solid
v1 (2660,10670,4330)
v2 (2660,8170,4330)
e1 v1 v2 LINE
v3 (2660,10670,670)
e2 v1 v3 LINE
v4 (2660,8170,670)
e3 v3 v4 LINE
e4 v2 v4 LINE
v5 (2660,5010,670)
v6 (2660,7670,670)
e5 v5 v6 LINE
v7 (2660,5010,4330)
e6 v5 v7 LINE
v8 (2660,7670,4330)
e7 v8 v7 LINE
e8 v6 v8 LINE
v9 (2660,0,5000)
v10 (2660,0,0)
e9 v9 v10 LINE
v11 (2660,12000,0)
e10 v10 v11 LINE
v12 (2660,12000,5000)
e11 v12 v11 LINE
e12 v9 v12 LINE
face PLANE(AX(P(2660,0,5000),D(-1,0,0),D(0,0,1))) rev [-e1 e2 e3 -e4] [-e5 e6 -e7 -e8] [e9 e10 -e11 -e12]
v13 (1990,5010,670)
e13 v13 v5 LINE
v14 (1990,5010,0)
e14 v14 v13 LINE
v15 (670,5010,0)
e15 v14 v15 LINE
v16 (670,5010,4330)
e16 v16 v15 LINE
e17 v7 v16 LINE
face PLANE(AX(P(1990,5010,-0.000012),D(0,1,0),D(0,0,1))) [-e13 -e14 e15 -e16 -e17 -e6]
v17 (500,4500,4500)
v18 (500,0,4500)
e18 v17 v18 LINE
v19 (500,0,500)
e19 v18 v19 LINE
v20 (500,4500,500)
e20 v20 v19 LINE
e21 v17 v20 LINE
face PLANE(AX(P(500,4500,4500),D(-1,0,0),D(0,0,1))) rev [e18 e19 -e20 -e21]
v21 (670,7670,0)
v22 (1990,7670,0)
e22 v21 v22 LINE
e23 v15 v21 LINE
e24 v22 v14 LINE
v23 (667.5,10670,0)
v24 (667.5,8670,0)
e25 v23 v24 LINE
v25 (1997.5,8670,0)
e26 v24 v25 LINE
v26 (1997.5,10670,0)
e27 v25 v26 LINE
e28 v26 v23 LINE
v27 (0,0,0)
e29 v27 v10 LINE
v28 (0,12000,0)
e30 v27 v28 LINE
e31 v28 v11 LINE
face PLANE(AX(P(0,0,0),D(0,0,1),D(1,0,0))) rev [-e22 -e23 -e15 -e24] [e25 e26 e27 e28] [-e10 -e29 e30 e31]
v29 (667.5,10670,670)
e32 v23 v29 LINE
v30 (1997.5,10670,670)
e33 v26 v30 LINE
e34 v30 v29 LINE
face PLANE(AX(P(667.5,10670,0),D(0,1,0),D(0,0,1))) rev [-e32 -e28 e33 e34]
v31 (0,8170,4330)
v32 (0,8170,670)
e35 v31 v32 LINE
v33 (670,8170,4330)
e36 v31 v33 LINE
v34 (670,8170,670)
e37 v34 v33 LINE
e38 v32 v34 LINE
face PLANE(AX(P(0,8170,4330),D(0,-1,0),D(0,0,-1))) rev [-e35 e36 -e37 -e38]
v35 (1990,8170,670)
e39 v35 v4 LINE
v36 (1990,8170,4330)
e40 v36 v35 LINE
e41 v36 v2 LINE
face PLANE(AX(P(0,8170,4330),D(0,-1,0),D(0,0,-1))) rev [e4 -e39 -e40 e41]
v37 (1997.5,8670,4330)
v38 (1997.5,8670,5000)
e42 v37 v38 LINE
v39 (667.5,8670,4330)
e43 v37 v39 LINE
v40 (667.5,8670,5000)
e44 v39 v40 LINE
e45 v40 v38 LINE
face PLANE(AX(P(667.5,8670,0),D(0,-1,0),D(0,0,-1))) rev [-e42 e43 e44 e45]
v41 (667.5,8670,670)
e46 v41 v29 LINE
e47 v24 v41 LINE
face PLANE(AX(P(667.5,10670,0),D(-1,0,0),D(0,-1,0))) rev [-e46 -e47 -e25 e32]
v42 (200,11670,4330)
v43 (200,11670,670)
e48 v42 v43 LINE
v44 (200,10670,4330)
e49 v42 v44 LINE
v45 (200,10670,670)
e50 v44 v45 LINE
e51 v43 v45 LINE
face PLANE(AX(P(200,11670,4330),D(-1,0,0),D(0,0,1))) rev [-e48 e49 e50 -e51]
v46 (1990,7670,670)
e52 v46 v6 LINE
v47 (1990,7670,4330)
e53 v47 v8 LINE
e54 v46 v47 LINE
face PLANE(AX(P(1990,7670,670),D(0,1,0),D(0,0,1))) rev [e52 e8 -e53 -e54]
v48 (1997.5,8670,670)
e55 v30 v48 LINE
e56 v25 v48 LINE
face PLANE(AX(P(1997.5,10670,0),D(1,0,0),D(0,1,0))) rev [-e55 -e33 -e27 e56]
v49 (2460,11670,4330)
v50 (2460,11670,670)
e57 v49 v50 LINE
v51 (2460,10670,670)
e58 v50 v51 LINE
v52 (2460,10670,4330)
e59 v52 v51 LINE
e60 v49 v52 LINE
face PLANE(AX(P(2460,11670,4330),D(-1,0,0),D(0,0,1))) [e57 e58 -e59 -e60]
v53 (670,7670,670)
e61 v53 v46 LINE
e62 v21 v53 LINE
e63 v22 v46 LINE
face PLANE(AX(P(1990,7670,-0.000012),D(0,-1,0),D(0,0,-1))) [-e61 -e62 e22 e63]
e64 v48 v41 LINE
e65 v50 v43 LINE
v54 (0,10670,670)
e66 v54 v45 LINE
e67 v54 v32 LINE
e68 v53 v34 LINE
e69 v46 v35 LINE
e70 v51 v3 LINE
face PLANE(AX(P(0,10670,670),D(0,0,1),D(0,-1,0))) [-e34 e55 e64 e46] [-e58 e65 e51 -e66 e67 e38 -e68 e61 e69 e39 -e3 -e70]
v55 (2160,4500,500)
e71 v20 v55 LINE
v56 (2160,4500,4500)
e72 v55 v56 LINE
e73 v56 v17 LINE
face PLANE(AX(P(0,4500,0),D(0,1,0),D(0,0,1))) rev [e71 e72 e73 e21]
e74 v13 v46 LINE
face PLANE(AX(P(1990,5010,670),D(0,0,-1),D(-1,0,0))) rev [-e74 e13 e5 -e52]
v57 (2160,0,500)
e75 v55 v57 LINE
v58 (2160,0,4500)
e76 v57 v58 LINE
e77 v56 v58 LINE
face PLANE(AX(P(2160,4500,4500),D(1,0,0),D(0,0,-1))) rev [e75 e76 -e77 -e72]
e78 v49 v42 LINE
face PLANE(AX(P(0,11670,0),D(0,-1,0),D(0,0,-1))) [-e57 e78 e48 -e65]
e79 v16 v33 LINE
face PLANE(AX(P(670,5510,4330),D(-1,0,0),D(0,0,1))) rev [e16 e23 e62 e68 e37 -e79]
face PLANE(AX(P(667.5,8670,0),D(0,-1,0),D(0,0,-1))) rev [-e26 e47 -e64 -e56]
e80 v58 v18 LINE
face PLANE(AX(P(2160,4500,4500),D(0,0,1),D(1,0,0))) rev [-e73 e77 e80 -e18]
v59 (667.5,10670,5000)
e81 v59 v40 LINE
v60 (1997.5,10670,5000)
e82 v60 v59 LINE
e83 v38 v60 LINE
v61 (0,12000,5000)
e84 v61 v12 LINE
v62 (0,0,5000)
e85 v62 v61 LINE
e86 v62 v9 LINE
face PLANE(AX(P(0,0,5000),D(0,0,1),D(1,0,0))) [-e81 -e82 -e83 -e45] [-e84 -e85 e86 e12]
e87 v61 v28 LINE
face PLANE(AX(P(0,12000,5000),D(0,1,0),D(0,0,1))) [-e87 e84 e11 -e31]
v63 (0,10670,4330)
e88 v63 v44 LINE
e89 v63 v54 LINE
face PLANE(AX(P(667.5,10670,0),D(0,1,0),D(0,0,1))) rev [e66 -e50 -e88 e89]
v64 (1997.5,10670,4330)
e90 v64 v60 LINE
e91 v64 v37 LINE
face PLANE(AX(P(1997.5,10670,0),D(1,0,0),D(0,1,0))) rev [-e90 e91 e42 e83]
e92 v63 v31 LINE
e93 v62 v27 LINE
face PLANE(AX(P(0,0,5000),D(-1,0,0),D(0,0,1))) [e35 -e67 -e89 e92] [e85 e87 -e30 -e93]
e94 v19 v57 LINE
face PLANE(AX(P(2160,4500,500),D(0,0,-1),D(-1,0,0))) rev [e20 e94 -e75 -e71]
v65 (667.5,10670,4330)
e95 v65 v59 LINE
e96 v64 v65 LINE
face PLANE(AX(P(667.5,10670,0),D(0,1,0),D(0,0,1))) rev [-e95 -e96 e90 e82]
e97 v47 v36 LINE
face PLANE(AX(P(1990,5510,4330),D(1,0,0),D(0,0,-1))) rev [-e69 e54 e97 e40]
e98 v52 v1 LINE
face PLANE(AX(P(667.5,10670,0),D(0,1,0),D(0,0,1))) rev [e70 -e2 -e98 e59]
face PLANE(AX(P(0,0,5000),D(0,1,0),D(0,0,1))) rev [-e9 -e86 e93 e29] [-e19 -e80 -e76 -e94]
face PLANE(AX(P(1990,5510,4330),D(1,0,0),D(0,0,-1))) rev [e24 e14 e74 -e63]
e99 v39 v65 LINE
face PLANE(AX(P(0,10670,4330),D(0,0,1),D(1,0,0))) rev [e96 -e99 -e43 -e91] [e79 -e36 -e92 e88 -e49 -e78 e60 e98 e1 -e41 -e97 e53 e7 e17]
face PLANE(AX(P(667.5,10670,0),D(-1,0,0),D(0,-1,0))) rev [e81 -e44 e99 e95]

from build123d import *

# Parameters (mm, degrees)
SKETCH2_W               = 2660
SKETCH2_H               = 12000
BOSS_EXTRUDE1_DEPTH     = 5000
SKETCH3_W               = 1330
SKETCH3_H               = 2000
CUT_EXTRUDE1_DEPTH      = 5000
SKETCH4_W               = 3660
SKETCH4_H               = 2500
CUT_EXTRUDE2_DEPTH      = 13270.34813772
SKETCH6_W               = 1320
SKETCH6_H               = 3660
CUT_EXTRUDE3_DEPTH      = 2660
CUT_EXTRUDE6_DEPTH      = 13270.34813772
CUT_EXTRUDE6_DEPTH_BACK = 4269
SKETCH7_W               = 1322.5
SKETCH7_H               = 2660
SKETCH8_W               = 1322.5
SKETCH8_H               = 500
CUT_EXTRUDE7_DEPTH      = 61
SKETCH11_W              = 4269
SKETCH11_H              = 2660
BOSS_EXTRUDE2_DEPTH     = 2.5
SKETCH12_W              = 61
SKETCH12_H              = 500
BOSS_EXTRUDE3_DEPTH     = 2.5
SKETCH13_W              = 3671.651451329
SKETCH13_H              = 2660
CUT_EXTRUDE8_DEPTH      = 670
SKETCH14_W              = 670
SKETCH14_H              = 2660
BOSS_EXTRUDE4_DEPTH     = 11.651451
SKETCH16_W              = 2260
SKETCH16_H              = 3660
CUT_EXTRUDE9_DEPTH      = 1000
SKETCH17_W              = 1660
SKETCH17_H              = 4000
CUT_EXTRUDE10_DEPTH     = 4500


with BuildPart() as part:
    # Sketch2 → Boss-Extrude1 (new body)
    with BuildSketch(Plane.XY):
        with Locations((1330, 6000)):
            Rectangle(SKETCH2_W, SKETCH2_H)
    extrude(amount=BOSS_EXTRUDE1_DEPTH)

    # Sketch3 → Cut-Extrude1 (cut)
    with BuildSketch(Plane.XY.offset(5000)):
        with Locations((1332.5, 9670)):
            Rectangle(SKETCH3_W, SKETCH3_H)
    extrude(amount=-CUT_EXTRUDE1_DEPTH, mode=Mode.SUBTRACT)

    # Sketch4 → Cut-Extrude2 (cut, through all)
    with BuildSketch(Plane(origin=(2660, 0, 0), x_dir=(0, 0, -1), z_dir=(1, 0, 0))):
        with Locations((-2500, 9420)):
            Rectangle(SKETCH4_W, SKETCH4_H)
    extrude(amount=-CUT_EXTRUDE2_DEPTH, mode=Mode.SUBTRACT)

    # Sketch6 → Cut-Extrude3 (cut)
    with BuildSketch(Plane(origin=(0, 8170, 0), x_dir=(1, 0, 0), z_dir=(0, 1, 0))):
        with Locations((1330, -2500)):
            Rectangle(SKETCH6_W, SKETCH6_H)
    extrude(amount=-CUT_EXTRUDE3_DEPTH, mode=Mode.SUBTRACT)

    # Sketch7 → Cut-Extrude6 (cut, two sides: drawn at the far end of the back side and taken through both)
    with BuildSketch(Plane(origin=(0, 0, 0), x_dir=(-1, 0, 0), z_dir=(0, 0, -1)).offset(-CUT_EXTRUDE6_DEPTH_BACK)):
        with Locations((-1328.75, 6340)):
            Rectangle(SKETCH7_W, SKETCH7_H)
    extrude(amount=CUT_EXTRUDE6_DEPTH + CUT_EXTRUDE6_DEPTH_BACK, mode=Mode.SUBTRACT)

    # Sketch8 → Cut-Extrude7 (cut)
    with BuildSketch(Plane(origin=(0, 0, 4269), x_dir=(-1, 0, 0), z_dir=(0, 0, -1))):
        with Locations((-1328.75, 5260)):
            Rectangle(SKETCH8_W, SKETCH8_H)
    extrude(amount=-CUT_EXTRUDE7_DEPTH, mode=Mode.SUBTRACT)

    # Sketch11 → Boss-Extrude2 (add)
    with BuildSketch(Plane(origin=(667.5, 0, 0), x_dir=(0, 0, -1), z_dir=(1, 0, 0))):
        with Locations((-2134.5, 6340)):
            Rectangle(SKETCH11_W, SKETCH11_H)
    extrude(amount=BOSS_EXTRUDE2_DEPTH)

    # Sketch12 → Boss-Extrude3 (add)
    with BuildSketch(Plane(origin=(667.5, 0, 0), x_dir=(0, 0, -1), z_dir=(1, 0, 0))):
        with Locations((-4299.5, 5260)):
            Rectangle(SKETCH12_W, SKETCH12_H)
    extrude(amount=BOSS_EXTRUDE3_DEPTH)

    # Sketch13 → Cut-Extrude8 (cut)
    with BuildSketch(Plane(origin=(2660, 0, 0), x_dir=(0, 0, -1), z_dir=(1, 0, 0))):
        with Locations((-2505.825725665, 6340)):
            Rectangle(SKETCH13_W, SKETCH13_H)
    extrude(amount=-CUT_EXTRUDE8_DEPTH, mode=Mode.SUBTRACT)

    # Sketch14 → Boss-Extrude4 (add)
    with BuildSketch(Plane(origin=(0, 0, 4341.651451329), x_dir=(-1, 0, 0), z_dir=(0, 0, -1))):
        with Locations((-2325, 6340)):
            Rectangle(SKETCH14_W, SKETCH14_H)
    extrude(amount=BOSS_EXTRUDE4_DEPTH)

    # Sketch16 → Cut-Extrude9 (cut)
    with BuildSketch(Plane.XZ.offset(-10670)):
        with Locations((1330, 2500)):
            Rectangle(SKETCH16_W, SKETCH16_H)
    extrude(amount=-CUT_EXTRUDE9_DEPTH, mode=Mode.SUBTRACT)

    # Sketch17 → Cut-Extrude10 (cut)
    with BuildSketch(Plane.XZ):
        with Locations((1330, 2500)):
            Rectangle(SKETCH17_W, SKETCH17_H)
    extrude(amount=-CUT_EXTRUDE10_DEPTH, mode=Mode.SUBTRACT)


solid = part.part
